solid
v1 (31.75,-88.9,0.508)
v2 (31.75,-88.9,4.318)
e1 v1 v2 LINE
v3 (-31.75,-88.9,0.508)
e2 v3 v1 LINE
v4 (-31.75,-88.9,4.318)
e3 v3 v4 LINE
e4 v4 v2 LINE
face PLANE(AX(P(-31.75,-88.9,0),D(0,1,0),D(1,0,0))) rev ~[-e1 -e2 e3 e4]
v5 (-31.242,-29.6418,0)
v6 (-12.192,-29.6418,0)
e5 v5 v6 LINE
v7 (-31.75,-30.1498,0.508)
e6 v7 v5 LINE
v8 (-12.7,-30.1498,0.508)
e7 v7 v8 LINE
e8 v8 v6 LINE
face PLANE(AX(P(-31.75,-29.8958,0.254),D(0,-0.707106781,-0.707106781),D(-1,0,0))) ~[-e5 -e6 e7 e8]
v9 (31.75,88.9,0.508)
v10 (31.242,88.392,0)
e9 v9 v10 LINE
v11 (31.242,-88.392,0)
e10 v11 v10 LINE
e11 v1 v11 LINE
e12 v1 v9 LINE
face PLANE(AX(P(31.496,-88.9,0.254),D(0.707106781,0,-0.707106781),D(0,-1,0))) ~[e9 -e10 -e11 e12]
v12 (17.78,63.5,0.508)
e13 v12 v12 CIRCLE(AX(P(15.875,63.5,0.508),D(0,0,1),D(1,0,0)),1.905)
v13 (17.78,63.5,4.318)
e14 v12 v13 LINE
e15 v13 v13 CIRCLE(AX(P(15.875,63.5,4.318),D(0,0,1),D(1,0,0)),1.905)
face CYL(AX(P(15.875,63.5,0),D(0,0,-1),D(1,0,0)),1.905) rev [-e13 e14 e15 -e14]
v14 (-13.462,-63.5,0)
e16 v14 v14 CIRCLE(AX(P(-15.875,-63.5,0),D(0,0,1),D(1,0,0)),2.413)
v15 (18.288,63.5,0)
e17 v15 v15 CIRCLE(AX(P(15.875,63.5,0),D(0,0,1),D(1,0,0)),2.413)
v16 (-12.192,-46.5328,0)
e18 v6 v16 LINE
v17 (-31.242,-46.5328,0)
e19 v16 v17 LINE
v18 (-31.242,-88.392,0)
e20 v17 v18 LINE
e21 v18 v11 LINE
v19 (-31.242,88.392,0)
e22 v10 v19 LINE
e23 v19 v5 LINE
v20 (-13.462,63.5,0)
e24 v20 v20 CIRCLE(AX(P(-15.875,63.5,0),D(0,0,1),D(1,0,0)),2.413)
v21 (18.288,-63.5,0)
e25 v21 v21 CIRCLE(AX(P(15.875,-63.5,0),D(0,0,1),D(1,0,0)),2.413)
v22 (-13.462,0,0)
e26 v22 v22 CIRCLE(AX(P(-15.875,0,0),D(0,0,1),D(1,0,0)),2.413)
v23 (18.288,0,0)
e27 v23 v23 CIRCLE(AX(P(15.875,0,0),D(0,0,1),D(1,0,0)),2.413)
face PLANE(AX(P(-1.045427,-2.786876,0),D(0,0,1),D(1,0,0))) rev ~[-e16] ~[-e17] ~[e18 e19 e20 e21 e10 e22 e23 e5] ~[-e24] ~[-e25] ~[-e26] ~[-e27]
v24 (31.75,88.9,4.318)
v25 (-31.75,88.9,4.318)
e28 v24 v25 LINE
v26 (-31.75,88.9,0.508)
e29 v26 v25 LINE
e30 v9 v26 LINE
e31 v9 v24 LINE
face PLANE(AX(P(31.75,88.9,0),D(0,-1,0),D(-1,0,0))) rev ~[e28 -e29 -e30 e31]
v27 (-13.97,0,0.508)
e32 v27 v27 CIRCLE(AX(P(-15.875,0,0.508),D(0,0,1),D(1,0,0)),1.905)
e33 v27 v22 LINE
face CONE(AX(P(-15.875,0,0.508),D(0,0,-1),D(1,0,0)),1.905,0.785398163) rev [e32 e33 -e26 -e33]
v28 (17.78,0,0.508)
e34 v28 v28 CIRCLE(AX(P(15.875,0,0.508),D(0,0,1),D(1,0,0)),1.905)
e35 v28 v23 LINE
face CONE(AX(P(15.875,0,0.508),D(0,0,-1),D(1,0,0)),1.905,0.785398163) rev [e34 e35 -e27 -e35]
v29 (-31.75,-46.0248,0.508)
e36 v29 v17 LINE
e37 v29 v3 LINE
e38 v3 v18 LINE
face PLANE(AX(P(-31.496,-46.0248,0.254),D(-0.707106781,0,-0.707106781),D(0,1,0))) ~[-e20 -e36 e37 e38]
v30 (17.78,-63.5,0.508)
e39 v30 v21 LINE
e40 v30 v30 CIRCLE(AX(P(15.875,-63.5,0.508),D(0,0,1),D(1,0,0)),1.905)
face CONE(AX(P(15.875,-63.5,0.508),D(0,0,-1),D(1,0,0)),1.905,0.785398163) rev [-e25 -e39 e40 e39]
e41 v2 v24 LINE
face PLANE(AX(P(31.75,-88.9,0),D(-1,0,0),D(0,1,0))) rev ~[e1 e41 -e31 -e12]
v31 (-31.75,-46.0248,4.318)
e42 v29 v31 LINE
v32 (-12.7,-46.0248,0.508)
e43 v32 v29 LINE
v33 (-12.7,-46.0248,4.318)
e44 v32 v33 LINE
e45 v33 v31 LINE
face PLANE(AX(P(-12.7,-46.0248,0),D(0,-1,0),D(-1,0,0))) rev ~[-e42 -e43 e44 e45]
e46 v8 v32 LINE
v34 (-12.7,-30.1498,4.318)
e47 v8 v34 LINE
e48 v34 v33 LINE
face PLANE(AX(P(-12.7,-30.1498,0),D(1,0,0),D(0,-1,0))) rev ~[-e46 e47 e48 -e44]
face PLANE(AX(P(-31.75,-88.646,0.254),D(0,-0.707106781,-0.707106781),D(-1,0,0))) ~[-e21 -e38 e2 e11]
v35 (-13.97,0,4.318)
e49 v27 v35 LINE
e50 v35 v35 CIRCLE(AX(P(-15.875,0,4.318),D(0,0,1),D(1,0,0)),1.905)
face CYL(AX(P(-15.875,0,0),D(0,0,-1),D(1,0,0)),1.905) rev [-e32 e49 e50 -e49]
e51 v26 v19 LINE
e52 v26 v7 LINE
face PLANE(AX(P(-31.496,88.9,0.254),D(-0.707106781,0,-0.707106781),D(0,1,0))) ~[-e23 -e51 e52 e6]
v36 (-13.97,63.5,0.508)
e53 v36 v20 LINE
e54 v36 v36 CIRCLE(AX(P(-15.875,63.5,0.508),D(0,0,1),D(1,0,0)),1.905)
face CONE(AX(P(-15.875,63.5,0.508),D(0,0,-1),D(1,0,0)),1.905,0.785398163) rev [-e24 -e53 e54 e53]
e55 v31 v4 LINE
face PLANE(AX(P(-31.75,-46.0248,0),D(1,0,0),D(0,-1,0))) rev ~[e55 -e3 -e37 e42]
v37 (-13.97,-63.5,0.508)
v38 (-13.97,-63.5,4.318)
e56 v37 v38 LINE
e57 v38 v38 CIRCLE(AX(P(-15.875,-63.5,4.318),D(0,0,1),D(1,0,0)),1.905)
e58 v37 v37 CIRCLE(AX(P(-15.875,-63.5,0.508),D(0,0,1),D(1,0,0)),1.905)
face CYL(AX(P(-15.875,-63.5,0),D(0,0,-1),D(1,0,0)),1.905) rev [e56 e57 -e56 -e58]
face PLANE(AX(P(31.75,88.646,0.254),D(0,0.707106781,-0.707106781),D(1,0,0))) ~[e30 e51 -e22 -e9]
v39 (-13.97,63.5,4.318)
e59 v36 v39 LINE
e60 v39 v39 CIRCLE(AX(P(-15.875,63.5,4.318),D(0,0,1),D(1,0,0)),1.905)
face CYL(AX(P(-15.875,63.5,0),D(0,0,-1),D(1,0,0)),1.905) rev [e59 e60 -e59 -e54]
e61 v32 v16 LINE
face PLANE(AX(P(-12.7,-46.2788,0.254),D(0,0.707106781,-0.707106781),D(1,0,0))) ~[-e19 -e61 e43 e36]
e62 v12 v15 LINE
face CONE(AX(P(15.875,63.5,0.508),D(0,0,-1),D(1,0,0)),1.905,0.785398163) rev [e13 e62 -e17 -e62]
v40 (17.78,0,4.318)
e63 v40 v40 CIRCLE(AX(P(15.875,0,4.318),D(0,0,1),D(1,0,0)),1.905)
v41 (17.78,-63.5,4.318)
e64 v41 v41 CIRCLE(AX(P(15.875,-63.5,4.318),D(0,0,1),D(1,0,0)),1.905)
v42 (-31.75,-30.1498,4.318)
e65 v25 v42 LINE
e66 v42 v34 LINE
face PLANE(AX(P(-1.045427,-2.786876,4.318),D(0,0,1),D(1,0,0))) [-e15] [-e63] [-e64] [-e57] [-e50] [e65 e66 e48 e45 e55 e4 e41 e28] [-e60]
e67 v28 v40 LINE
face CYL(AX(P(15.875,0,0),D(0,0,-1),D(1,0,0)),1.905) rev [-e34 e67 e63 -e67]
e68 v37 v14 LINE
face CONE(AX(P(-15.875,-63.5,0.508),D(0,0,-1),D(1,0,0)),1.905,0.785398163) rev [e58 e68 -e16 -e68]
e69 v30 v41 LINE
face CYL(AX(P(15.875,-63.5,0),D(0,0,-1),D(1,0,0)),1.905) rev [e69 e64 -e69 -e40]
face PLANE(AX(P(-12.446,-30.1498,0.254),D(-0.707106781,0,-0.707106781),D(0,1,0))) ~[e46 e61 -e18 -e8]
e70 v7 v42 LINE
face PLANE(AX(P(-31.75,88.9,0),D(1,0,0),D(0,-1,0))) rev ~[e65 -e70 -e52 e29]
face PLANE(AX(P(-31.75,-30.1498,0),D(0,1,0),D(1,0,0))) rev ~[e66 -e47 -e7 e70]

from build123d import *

# Parameters (mm, degrees)
F0_R     = 1.905
F1_DEPTH = 4.318
F2_SIZE  = 0.508


with BuildPart() as f1:
    # F0 (on Top) → F1 (new body)
    with BuildSketch(Plane.XY):
        Polygon((-31.75, -88.9), (31.75, -88.9), (31.75, 88.9), (-31.75, 88.9), (-31.75, -30.1498), (-12.7, -30.1498), (-12.7, -46.0248), (-31.75, -46.0248), align=None)
        with Locations((-15.875, -63.5)):
            Circle(F0_R, mode=Mode.SUBTRACT)
        with Locations((15.875, -63.5)):
            Circle(F0_R, mode=Mode.SUBTRACT)
        with Locations((-15.875, 0)):
            Circle(F0_R, mode=Mode.SUBTRACT)
        with Locations((-15.875, 63.5)):
            Circle(F0_R, mode=Mode.SUBTRACT)
        with Locations((15.875, 0)):
            Circle(F0_R, mode=Mode.SUBTRACT)
        with Locations((15.875, 63.5)):
            Circle(F0_R, mode=Mode.SUBTRACT)
    extrude(amount=F1_DEPTH)

    # F2
    f2_edges = [f1.edges().sort_by_distance(p)[0] for p in [
        (0, -88.9, 0),
        (-31.75, -67.4624, 0),
        (-22.225, -46.0248, 0),
        (-12.7, -38.0873, 0),
        (-22.225, -30.1498, 0),
        (-31.75, 29.3751, 0),
        (0, 88.9, 0),
        (31.75, 0, 0),
        (-17.78, 0, 0),
        (13.97, 0, 0),
        (13.97, -63.5, 0),
        (-17.78, -63.5, 0),
        (-17.78, 63.5, 0),
        (13.97, 63.5, 0),
    ]]
    chamfer(f2_edges, length=F2_SIZE)


solid = f1.part
